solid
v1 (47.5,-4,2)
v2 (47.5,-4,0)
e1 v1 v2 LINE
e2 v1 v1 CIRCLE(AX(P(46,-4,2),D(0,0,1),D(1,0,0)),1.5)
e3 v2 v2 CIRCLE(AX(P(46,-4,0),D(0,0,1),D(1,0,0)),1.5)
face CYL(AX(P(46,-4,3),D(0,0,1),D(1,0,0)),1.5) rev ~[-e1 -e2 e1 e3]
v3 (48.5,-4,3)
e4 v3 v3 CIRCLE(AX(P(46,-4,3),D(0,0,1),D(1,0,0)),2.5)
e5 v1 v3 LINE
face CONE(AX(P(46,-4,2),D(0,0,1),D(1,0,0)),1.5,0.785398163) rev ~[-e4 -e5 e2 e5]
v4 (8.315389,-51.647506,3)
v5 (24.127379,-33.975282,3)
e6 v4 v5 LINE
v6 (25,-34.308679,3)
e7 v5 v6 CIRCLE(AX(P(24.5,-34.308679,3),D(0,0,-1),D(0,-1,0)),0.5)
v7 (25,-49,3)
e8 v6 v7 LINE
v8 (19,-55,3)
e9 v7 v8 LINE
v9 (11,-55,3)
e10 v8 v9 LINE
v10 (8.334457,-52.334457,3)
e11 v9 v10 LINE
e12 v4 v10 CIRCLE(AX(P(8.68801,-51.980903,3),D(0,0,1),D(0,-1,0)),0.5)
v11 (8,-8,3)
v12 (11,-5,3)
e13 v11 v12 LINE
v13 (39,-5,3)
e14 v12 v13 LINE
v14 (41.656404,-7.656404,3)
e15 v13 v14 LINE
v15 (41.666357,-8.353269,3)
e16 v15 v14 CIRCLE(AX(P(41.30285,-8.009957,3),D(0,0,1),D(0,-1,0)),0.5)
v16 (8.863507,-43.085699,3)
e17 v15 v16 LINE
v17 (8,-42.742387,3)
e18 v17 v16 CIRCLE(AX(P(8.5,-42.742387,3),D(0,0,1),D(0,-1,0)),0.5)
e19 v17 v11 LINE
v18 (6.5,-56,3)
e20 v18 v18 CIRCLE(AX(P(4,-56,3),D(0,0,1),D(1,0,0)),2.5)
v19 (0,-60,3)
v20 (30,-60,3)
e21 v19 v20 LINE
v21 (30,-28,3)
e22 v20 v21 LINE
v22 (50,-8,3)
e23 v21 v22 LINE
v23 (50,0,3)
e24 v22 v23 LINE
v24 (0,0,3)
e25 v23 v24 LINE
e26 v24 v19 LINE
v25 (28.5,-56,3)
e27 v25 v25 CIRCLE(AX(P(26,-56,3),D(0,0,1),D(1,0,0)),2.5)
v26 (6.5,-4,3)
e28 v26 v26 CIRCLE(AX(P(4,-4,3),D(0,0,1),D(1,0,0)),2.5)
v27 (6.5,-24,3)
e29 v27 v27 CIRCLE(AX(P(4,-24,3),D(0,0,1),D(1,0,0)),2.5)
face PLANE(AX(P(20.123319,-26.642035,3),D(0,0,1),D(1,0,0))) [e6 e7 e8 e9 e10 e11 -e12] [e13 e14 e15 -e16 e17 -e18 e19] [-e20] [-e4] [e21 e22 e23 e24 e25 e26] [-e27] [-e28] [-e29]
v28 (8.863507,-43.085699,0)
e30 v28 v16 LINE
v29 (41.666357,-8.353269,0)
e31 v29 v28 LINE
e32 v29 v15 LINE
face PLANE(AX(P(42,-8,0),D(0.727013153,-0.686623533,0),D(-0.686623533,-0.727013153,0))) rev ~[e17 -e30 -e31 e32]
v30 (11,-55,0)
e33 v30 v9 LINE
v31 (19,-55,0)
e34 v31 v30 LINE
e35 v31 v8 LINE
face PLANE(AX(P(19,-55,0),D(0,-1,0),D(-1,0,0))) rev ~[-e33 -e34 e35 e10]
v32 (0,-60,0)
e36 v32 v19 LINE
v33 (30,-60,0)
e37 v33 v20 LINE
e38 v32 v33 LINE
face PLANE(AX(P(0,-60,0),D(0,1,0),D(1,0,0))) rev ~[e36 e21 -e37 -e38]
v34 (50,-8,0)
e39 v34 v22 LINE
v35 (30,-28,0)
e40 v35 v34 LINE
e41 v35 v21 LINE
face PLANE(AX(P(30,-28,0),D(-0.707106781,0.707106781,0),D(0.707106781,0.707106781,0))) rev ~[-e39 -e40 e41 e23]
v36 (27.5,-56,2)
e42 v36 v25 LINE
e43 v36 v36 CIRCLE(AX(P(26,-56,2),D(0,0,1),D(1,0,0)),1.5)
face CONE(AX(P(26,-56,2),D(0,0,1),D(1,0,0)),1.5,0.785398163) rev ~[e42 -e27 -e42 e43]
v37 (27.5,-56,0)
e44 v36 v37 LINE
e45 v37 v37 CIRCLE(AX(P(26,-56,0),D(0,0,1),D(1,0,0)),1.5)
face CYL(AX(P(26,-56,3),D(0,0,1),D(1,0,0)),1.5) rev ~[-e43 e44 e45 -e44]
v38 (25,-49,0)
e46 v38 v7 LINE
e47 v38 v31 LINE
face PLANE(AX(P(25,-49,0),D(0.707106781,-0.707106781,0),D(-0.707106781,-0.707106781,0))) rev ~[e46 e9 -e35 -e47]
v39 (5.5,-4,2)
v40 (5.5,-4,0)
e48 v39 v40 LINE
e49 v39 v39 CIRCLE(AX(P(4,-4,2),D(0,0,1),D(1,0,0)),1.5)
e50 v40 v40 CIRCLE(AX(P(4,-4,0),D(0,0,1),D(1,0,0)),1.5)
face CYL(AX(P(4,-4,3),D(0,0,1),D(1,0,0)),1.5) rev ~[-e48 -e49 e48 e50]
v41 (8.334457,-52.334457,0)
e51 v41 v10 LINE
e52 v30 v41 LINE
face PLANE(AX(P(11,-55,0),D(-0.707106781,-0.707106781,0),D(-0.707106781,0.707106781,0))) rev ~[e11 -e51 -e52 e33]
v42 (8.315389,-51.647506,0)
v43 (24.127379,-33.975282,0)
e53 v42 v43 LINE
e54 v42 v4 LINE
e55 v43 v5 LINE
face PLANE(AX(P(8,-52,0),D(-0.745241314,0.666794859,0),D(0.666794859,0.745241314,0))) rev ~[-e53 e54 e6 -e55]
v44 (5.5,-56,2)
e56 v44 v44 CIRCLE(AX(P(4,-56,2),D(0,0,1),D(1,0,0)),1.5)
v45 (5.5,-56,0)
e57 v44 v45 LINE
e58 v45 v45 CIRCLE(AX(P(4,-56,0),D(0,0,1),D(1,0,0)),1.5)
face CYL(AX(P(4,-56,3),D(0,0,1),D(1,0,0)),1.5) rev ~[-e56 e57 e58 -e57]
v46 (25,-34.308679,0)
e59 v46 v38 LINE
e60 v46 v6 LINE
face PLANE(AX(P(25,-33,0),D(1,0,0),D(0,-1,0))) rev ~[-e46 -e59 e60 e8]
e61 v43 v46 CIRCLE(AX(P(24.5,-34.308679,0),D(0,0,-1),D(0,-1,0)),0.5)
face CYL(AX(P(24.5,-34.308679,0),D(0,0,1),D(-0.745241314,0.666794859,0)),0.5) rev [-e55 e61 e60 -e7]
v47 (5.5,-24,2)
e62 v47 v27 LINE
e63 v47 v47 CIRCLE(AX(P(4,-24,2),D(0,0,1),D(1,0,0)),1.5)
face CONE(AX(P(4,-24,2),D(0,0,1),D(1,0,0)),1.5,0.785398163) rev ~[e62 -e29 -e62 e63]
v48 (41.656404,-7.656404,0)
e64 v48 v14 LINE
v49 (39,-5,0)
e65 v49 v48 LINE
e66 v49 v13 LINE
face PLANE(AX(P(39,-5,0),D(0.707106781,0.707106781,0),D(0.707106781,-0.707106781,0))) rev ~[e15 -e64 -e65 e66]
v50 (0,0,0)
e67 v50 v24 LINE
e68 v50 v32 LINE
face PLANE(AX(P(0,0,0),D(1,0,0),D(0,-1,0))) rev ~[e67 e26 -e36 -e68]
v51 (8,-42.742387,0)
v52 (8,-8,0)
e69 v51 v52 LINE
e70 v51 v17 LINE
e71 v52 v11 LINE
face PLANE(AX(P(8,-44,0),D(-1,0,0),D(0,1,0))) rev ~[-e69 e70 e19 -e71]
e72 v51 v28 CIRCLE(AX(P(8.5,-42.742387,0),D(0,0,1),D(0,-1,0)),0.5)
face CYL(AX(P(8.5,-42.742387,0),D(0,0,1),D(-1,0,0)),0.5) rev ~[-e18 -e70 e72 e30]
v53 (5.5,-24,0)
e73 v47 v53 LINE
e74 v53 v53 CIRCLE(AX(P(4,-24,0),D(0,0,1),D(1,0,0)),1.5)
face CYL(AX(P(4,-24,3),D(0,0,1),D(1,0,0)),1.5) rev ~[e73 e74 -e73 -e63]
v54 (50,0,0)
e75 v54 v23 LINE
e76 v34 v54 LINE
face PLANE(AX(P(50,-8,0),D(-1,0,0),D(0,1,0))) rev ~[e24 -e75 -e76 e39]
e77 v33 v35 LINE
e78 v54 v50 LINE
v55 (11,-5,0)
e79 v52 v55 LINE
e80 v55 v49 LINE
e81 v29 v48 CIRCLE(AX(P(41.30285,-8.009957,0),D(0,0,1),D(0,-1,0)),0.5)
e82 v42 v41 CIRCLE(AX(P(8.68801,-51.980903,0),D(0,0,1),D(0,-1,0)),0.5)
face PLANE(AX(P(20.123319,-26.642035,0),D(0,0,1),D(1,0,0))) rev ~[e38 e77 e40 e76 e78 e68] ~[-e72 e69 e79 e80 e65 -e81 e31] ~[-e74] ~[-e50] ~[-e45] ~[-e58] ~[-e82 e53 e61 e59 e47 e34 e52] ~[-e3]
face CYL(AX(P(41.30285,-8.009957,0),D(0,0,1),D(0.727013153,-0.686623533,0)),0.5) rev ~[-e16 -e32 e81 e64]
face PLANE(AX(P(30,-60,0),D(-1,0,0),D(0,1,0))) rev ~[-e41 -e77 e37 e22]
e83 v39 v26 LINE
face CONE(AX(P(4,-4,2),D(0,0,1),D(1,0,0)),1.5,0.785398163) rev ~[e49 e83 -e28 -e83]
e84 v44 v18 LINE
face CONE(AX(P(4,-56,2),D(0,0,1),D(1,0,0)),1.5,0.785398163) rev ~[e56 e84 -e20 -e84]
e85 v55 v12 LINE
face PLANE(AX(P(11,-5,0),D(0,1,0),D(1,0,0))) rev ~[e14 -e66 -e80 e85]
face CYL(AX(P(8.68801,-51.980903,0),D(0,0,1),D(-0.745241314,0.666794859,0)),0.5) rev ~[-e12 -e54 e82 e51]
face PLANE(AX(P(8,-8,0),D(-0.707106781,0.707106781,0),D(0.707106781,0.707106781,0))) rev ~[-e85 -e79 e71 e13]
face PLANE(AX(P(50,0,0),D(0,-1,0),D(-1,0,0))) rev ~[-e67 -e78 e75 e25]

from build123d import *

# Parameters (mm, degrees)
PAD_DEPTH    = 3
SKETCH001_R  = 1.5
POCKET_DEPTH = 5
FILLET_R     = 0.5
FILLET001_R  = 0.5
CHAMFER_SIZE = 1


with BuildPart() as part:
    # Sketch → Pad (new body)
    with BuildSketch(Plane.XY):
        Polygon((0, 0), (0, -60), (8, -60), (30, -60), (30, -28), (50, -8), (50, 0), align=None)
        Polygon((8, -8), (11, -5), (39, -5), (42, -8), (8, -44), align=None, mode=Mode.SUBTRACT)
        Polygon((8, -52), (25, -33), (25, -49), (19, -55), (11, -55), align=None, mode=Mode.SUBTRACT)
    extrude(amount=PAD_DEPTH)

    # Sketch001 (on Face19 of Pad) → Pocket (cut)
    with BuildSketch(Plane.XY.offset(3)):
        with Locations((4, -4)):
            Circle(SKETCH001_R)
        with Locations((46, -4)):
            Circle(SKETCH001_R)
        with Locations((4, -24)):
            Circle(SKETCH001_R)
        with Locations((4, -56)):
            Circle(SKETCH001_R)
        with Locations((26, -56)):
            Circle(SKETCH001_R)
    extrude(amount=-POCKET_DEPTH, mode=Mode.SUBTRACT)

    # Fillet
    fillet_edges = [part.edges().sort_by_distance(p)[0] for p in [
        (8, -44, 1.5),
        (25, -33, 1.5),
    ]]
    fillet(fillet_edges, radius=FILLET_R)

    # Fillet001
    fillet001_edges = [part.edges().sort_by_distance(p)[0] for p in [
        (8, -52, 1.5),
        (42, -8, 1.5),
    ]]
    fillet(fillet001_edges, radius=FILLET001_R)

    # Chamfer
    chamfer_edges = [part.edges().sort_by_distance(p)[0] for p in [
        (2.5, -4, 3),
        (2.5, -24, 3),
        (2.5, -56, 3),
        (24.5, -56, 3),
        (44.5, -4, 3),
    ]]
    chamfer(chamfer_edges, length=CHAMFER_SIZE)


solid = part.part
